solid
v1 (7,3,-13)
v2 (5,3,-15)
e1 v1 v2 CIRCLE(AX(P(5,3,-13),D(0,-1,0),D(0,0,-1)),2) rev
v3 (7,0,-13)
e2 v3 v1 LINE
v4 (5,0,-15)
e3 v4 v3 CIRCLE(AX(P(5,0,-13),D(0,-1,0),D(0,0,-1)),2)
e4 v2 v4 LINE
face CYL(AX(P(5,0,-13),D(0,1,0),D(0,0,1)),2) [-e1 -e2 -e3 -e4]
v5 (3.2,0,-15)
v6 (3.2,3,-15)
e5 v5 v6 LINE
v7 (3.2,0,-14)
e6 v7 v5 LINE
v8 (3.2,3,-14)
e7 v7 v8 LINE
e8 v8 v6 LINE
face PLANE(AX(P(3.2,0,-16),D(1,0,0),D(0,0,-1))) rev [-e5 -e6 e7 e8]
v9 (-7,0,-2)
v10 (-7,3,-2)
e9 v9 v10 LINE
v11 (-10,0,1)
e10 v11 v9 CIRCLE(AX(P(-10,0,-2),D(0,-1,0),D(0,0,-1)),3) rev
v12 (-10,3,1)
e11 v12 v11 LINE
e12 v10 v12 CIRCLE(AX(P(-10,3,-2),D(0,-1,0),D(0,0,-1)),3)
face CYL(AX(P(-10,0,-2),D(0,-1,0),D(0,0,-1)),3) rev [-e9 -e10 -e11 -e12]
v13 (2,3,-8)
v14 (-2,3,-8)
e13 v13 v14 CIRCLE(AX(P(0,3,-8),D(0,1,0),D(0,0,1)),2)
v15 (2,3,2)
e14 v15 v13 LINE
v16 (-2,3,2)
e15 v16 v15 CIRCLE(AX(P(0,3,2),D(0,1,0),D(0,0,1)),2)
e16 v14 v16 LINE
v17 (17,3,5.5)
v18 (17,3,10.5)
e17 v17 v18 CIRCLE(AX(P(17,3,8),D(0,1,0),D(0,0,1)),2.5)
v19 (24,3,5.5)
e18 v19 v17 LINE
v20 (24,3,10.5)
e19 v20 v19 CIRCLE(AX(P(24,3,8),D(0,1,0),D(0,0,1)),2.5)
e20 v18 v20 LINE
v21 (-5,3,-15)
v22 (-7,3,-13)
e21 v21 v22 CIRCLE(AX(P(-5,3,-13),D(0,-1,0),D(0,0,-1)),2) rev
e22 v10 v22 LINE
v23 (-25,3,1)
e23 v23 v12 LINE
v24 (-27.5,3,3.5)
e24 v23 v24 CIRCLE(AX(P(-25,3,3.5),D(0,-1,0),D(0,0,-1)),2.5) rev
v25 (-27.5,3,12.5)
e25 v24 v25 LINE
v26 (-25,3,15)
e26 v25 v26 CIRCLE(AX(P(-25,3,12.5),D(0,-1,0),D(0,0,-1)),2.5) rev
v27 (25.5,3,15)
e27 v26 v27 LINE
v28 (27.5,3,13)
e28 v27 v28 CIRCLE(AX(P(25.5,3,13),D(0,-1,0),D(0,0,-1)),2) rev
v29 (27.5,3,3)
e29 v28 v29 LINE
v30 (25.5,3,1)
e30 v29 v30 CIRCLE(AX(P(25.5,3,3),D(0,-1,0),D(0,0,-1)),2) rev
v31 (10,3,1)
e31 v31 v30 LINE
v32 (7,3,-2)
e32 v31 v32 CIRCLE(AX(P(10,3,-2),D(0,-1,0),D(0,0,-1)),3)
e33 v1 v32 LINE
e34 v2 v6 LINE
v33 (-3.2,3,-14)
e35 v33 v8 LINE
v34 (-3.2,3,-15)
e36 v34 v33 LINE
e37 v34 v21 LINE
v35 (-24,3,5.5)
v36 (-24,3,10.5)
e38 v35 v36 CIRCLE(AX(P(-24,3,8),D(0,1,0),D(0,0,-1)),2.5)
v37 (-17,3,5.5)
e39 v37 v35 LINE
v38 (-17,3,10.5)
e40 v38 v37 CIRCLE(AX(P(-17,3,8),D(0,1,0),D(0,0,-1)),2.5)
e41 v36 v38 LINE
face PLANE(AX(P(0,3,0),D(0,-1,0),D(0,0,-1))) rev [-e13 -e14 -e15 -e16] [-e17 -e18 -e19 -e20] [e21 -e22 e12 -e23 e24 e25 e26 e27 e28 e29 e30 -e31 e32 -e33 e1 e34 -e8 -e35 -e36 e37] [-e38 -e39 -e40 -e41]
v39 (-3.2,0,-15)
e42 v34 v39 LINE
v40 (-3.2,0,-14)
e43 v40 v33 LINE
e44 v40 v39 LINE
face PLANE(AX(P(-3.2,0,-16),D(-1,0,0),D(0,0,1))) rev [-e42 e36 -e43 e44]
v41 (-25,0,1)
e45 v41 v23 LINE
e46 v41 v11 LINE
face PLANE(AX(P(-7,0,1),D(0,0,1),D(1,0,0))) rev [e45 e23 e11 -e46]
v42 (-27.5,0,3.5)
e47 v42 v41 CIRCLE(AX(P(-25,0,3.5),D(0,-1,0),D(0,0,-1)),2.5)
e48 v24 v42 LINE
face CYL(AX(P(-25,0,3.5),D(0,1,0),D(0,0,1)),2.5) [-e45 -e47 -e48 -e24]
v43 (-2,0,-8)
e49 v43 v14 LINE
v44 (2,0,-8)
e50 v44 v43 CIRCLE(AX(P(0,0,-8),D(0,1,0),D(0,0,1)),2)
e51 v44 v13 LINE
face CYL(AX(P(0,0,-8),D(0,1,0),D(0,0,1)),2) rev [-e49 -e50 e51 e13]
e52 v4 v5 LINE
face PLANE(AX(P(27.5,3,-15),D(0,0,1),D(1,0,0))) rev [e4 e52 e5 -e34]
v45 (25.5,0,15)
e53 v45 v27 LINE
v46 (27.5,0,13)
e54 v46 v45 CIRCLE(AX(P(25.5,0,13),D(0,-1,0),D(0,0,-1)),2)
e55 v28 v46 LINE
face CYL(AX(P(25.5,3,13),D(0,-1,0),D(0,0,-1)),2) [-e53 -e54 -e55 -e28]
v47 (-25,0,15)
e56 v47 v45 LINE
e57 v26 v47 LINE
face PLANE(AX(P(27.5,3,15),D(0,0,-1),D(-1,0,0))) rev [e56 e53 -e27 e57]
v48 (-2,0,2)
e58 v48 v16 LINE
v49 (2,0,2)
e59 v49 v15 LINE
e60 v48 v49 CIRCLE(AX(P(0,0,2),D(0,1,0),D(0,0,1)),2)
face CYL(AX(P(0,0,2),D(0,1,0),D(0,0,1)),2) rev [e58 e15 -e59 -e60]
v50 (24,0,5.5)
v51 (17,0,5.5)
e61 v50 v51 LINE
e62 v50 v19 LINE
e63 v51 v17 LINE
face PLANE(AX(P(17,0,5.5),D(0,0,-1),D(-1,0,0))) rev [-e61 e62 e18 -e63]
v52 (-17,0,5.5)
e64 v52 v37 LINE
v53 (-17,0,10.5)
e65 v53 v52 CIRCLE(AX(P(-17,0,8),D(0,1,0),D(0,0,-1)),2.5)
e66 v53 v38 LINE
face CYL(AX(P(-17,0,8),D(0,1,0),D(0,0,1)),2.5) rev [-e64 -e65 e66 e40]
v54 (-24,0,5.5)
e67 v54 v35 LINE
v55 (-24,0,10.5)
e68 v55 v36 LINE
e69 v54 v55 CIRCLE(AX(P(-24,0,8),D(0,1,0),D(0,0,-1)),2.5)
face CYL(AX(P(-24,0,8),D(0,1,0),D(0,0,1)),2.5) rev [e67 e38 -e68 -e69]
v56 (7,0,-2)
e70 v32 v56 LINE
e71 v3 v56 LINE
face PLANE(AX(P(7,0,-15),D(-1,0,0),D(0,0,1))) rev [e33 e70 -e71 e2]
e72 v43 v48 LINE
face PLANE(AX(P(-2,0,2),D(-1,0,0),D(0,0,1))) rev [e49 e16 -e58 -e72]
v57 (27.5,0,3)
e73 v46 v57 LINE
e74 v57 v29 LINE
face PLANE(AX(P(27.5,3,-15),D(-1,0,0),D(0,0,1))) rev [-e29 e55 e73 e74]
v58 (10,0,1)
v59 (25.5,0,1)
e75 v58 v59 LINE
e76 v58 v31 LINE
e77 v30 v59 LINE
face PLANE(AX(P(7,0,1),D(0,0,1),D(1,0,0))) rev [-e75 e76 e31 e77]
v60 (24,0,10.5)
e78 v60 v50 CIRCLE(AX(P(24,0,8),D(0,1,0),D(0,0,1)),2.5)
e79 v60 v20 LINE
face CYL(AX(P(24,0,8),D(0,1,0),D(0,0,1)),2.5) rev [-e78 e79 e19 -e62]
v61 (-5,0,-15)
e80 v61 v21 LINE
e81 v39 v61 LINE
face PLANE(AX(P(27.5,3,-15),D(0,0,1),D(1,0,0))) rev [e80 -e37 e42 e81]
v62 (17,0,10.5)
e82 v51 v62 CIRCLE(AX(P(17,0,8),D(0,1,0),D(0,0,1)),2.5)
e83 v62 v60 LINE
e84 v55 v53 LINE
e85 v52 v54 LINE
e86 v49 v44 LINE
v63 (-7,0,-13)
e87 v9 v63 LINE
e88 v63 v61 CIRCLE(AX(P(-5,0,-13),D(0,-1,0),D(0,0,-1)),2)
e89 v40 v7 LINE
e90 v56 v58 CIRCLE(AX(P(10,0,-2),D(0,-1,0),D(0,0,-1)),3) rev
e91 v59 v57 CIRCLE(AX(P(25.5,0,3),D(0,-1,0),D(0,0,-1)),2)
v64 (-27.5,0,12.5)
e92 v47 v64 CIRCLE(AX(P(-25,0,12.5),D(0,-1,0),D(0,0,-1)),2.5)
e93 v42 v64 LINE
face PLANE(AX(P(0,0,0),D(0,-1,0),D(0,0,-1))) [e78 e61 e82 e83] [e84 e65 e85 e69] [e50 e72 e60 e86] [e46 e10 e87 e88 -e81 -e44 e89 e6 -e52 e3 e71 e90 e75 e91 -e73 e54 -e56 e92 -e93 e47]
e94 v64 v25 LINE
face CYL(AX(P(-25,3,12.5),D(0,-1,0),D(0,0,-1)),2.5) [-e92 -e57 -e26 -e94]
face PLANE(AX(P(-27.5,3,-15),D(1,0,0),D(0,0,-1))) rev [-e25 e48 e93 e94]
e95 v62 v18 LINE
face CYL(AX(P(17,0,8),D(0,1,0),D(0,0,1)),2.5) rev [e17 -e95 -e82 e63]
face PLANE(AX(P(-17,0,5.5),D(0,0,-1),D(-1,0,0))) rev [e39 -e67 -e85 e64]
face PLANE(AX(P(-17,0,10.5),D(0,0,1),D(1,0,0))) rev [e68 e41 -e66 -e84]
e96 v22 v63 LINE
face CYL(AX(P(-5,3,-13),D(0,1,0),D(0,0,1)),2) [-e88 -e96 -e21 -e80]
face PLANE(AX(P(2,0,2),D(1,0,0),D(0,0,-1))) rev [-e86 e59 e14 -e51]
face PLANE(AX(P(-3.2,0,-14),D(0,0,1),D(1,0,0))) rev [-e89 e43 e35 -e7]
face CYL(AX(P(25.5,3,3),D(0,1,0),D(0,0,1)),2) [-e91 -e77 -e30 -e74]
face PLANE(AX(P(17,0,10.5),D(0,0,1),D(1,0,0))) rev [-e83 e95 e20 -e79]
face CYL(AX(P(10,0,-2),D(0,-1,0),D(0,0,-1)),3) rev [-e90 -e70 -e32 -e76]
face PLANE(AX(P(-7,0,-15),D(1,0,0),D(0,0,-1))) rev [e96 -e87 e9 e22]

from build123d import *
from OCP.BRepFilletAPI import BRepFilletAPI_MakeFillet

# Parameters (mm, degrees)
SKETCH1_W           = 55
SKETCH1_H           = 30
BOSS_EXTRUDE1_DEPTH = 3
CUT_EXTRUDE1_DEPTH  = 32.468237955
SKETCH3_W           = 6.4
SKETCH3_H           = 2
CUT_EXTRUDE2_DEPTH  = 32.468237955
SKETCH4_W           = 20.5
SKETCH4_H           = 16
CUT_EXTRUDE3_DEPTH  = 32.468237955
FILLET1_R1          = 3
FILLET1_R2          = 2.5
FILLET1_R3          = 2


with BuildPart() as part:
    # Sketch1 → Boss-Extrude1 (new body)
    with BuildSketch(Plane(origin=(0, 0, 0), x_dir=(1, 0, 0), z_dir=(0, 1, 0))):
        Rectangle(SKETCH1_W, SKETCH1_H)
    extrude(amount=BOSS_EXTRUDE1_DEPTH)

    # Sketch2 → Cut-Extrude1 (cut, through all)
    with BuildSketch(Plane(origin=(0, 3, 0), x_dir=(1, 0, 0), z_dir=(0, 1, 0))):
        with BuildLine():
            Line((17, -5.5), (24, -5.5))
            ThreePointArc((24, -5.5), (26.5, -8), (24, -10.5))
            Line((24, -10.5), (17, -10.5))
            ThreePointArc((17, -10.5), (14.5, -8), (17, -5.5))
        make_face()
        with BuildLine():
            Line((-17, -5.5), (-24, -5.5))
            ThreePointArc((-24, -5.5), (-26.5, -8), (-24, -10.5))
            Line((-24, -10.5), (-17, -10.5))
            ThreePointArc((-17, -10.5), (-14.5, -8), (-17, -5.5))
        make_face()
        with BuildLine():
            Line((-2, -2), (-2, 8))
            ThreePointArc((-2, 8), (0, 10), (2, 8))
            Line((2, 8), (2, -2))
            ThreePointArc((2, -2), (0, -4), (-2, -2))
        make_face()
    extrude(amount=-CUT_EXTRUDE1_DEPTH, mode=Mode.SUBTRACT)

    # Sketch3 → Cut-Extrude2 (cut, through all)
    with BuildSketch(Plane(origin=(0, 3, 0), x_dir=(1, 0, 0), z_dir=(0, 1, 0))):
        with Locations((0, 15)):
            Rectangle(SKETCH3_W, SKETCH3_H)
    extrude(amount=-CUT_EXTRUDE2_DEPTH, mode=Mode.SUBTRACT)

    # Sketch4 → Cut-Extrude3 (cut, through all)
    with BuildSketch(Plane(origin=(0, 3, 0), x_dir=(1, 0, 0), z_dir=(0, 1, 0))):
        with Locations((-17.25, 7)):
            Rectangle(SKETCH4_W, SKETCH4_H)
        with Locations((17.25, 7)):
            Rectangle(SKETCH4_W, SKETCH4_H)
    extrude(amount=-CUT_EXTRUDE3_DEPTH, mode=Mode.SUBTRACT)

    # Fillet1: one fillet with a radius per group of edges: ONE call of the kernel's fillet builder (fillet() takes one radius for all edges)
    fillet1_edges_1 = [part.edges().sort_by_distance(p)[0] for p in [
        (7, 1.5, 1),
        (-7, 1.5, 1),
    ]]
    fillet1_edges_2 = [part.edges().sort_by_distance(p)[0] for p in [
        (-27.5, 1.5, 1),
        (-27.5, 1.5, 15),
    ]]
    fillet1_edges_3 = [part.edges().sort_by_distance(p)[0] for p in [
        (27.5, 1.5, 1),
        (27.5, 1.5, 15),
        (7, 1.5, -15),
        (-7, 1.5, -15),
    ]]
    fillet1 = BRepFilletAPI_MakeFillet(part.part.solid().wrapped)
    for e in fillet1_edges_1:
        fillet1.Add(FILLET1_R1, e.wrapped)
    for e in fillet1_edges_2:
        fillet1.Add(FILLET1_R2, e.wrapped)
    for e in fillet1_edges_3:
        fillet1.Add(FILLET1_R3, e.wrapped)
    add(Compound.cast(fillet1.Shape()), mode=Mode.REPLACE)


solid = part.part
